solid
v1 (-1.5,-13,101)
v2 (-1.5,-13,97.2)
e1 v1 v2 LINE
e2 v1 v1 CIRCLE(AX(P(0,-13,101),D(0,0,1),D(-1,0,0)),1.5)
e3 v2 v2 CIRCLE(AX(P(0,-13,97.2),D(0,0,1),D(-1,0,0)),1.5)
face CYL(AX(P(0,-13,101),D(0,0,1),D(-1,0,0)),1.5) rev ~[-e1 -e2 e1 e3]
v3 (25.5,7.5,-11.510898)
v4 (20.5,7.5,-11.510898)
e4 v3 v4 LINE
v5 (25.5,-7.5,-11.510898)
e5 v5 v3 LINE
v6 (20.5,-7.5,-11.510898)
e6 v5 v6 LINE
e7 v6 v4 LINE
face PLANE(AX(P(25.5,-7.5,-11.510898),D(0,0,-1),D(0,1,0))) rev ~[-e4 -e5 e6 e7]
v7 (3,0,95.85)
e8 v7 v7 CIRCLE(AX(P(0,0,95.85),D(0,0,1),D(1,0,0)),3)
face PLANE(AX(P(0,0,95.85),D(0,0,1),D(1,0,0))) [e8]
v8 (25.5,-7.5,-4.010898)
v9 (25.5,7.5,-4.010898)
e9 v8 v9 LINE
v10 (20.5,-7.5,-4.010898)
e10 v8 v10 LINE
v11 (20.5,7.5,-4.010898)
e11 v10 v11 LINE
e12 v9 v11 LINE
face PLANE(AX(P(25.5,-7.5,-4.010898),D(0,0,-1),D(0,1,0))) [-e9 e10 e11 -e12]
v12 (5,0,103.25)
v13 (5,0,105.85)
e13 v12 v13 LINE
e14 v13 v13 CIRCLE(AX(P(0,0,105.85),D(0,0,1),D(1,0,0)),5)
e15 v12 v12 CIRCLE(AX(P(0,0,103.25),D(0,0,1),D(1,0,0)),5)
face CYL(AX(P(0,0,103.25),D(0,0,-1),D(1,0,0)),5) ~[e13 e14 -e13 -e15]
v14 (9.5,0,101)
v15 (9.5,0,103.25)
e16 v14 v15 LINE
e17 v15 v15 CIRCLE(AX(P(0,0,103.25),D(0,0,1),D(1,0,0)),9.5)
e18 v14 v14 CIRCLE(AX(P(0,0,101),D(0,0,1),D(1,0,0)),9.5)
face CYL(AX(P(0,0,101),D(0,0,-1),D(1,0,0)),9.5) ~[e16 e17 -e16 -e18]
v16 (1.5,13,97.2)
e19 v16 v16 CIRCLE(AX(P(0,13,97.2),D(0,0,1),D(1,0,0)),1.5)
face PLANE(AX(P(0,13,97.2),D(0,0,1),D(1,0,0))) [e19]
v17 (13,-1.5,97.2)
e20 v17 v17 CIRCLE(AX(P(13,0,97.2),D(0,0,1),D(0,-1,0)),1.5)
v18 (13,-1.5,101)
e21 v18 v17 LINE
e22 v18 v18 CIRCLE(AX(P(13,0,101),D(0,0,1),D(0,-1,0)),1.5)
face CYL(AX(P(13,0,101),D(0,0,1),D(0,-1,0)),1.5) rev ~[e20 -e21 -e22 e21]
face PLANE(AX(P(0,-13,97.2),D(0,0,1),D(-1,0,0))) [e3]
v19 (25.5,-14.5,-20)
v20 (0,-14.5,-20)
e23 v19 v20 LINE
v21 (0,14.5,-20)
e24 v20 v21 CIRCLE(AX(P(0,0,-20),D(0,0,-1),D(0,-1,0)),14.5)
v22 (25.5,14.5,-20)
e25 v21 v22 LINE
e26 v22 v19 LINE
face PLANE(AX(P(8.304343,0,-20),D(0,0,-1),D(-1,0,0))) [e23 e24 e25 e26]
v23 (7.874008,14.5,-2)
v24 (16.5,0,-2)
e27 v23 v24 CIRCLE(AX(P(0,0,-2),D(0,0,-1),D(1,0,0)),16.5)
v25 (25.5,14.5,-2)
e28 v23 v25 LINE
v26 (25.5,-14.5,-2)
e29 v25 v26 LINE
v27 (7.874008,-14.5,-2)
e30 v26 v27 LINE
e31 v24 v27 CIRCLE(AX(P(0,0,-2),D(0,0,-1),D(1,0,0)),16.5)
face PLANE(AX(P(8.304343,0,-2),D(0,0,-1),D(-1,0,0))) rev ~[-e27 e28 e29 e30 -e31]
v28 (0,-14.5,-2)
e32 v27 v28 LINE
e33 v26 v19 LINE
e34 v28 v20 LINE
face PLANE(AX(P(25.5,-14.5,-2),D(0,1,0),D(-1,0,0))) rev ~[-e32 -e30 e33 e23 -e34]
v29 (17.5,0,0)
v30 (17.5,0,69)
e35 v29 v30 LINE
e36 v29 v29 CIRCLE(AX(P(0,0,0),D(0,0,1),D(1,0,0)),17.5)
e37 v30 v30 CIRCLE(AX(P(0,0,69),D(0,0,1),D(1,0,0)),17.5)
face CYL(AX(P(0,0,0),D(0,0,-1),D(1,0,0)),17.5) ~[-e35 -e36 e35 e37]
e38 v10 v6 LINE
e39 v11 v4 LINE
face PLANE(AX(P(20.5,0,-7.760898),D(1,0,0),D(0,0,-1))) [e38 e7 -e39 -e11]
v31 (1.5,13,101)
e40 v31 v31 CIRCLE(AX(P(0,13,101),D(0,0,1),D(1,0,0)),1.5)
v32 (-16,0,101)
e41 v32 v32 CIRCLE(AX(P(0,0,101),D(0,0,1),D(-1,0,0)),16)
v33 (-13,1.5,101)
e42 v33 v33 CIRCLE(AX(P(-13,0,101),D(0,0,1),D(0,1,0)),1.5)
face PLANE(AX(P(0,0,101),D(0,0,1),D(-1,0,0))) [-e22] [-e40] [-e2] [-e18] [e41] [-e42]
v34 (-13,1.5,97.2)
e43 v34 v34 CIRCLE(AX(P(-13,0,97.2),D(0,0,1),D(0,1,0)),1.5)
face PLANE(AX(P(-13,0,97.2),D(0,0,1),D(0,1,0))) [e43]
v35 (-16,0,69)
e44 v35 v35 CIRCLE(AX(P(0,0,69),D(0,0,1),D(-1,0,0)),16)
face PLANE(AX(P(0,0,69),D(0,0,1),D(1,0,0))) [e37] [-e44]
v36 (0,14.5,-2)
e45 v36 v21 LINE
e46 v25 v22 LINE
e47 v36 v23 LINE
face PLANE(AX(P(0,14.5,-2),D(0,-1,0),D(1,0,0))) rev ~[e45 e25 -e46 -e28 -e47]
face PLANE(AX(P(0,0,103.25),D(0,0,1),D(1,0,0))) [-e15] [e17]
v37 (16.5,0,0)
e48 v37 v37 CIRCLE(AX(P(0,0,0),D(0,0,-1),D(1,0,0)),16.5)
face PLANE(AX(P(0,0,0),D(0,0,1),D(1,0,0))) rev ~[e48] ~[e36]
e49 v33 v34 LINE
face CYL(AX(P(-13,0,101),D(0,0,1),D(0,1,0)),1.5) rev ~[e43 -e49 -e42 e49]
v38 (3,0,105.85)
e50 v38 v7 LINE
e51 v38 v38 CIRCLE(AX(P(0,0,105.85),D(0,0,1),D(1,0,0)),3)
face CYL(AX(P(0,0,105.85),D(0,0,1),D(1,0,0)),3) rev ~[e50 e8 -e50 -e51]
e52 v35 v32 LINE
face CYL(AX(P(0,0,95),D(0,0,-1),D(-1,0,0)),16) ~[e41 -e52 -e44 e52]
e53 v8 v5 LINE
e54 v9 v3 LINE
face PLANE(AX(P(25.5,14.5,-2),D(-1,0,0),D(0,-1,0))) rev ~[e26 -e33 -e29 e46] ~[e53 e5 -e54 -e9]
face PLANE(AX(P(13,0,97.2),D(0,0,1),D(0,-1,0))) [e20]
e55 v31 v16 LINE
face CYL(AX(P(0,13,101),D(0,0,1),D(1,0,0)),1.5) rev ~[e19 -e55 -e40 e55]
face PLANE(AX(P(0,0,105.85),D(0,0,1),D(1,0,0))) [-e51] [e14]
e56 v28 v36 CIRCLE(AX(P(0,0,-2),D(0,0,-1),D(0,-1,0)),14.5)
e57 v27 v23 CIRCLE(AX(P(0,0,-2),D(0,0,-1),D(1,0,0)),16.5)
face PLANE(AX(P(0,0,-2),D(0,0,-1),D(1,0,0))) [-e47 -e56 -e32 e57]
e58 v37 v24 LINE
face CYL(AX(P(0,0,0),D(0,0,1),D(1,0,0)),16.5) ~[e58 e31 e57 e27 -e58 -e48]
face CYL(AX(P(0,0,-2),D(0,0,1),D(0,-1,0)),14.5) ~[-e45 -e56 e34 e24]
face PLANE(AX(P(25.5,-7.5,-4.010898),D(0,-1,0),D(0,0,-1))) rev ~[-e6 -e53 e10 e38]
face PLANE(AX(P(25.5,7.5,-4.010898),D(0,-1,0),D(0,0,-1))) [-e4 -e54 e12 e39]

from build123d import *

# Parameters (mm, degrees)
SKETCH_1_R               = 17.5
EXTRUDE_1_DEPTH          = 69
SKETCH_2_R               = 16
EXTRUDE_2_DEPTH          = 26
SKETCH_3_R               = 16
EXTRUDE_3_DEPTH          = 6
SKETCH_4_R               = 9.5
EXTRUDE_4_DEPTH          = 2.25
SKETCH_5_R               = 5
EXTRUDE_5_DEPTH          = 2.6
SKETCH_8_R               = 16.5
EXTRUDE_7_DEPTH          = 2
EXTRUDE_8_DEPTH          = 18
SKETCH_10_W              = 7.5
SKETCH_10_H              = 15
CUT_EXTRUDE_2_DEPTH      = 5
SKETCH_7_R               = 1.5
CUT_EXTRUDE_1_DEPTH      = 3.8
PATTERN_CIRCULAR_1_COUNT = 4
SKETCH_6_R               = 3
CUT_EXTRUDE_3_DEPTH      = 10


with BuildPart() as part:
    # 스케치1 → 보스-돌출1 (new body)
    with BuildSketch(Plane.XY):
        Circle(SKETCH_1_R)
    extrude(amount=EXTRUDE_1_DEPTH)

    # 스케치2 → 보스-돌출2 (add)
    with BuildSketch(Plane.XY.offset(69)):
        with Locations(Location((0, 0, 0), (0, 0, 180))):
            Circle(SKETCH_2_R)
    extrude(amount=EXTRUDE_2_DEPTH)

    # 스케치3 → 보스-돌출3 (add)
    with BuildSketch(Plane.XY.offset(95)):
        with Locations(Location((0, 0, 0), (0, 0, 180))):
            Circle(SKETCH_3_R)
    extrude(amount=EXTRUDE_3_DEPTH)

    # 스케치4 → 보스-돌출4 (add)
    with BuildSketch(Plane.XY.offset(101)):
        Circle(SKETCH_4_R)
    extrude(amount=EXTRUDE_4_DEPTH)

    # 스케치5 → 보스-돌출5 (add)
    with BuildSketch(Plane.XY.offset(103.25)):
        Circle(SKETCH_5_R)
    extrude(amount=EXTRUDE_5_DEPTH)

    # 스케치8 → 보스-돌출7 (add)
    with BuildSketch(Plane(origin=(0, 0, 0), x_dir=(-1, 0, 0), z_dir=(0, 0, -1))):
        with Locations(Location((0, 0, 0), (0, 0, 180))):
            Circle(SKETCH_8_R)
    extrude(amount=EXTRUDE_7_DEPTH)

    # 스케치9 → 보스-돌출8 (add)
    with BuildSketch(Plane(origin=(0, 0, -2), x_dir=(-1, 0, 0), z_dir=(0, 0, -1))):
        with BuildLine():
            Line((0, 14.5), (-25.5, 14.5))
            Line((-25.5, 14.5), (-25.5, -14.5))
            Line((-25.5, -14.5), (0, -14.5))
            ThreePointArc((0, -14.5), (14.5, 0), (0, 14.5))
        make_face()
    extrude(amount=EXTRUDE_8_DEPTH)

    # 스케치10 → 컷-돌출2 (cut)
    with BuildSketch(Plane(origin=(25.5, 0, 0), x_dir=(0, 0, -1), z_dir=(1, 0, 0))):
        with Locations((7.760897897, 0)):
            Rectangle(SKETCH_10_W, SKETCH_10_H)
    extrude(amount=-CUT_EXTRUDE_2_DEPTH, mode=Mode.SUBTRACT)

    # 스케치7 → 컷-돌출1 (cut)
    with BuildSketch(Plane.XY.offset(101)):
        with Locations((0, 13)):
            Circle(SKETCH_7_R)
    cut_extrude_1 = extrude(amount=-CUT_EXTRUDE_1_DEPTH, mode=Mode.SUBTRACT)

    # 원형 패턴1: 컷-돌출1 ×4 about axis
    pattern_circular_1_axis = Axis((0, 0, 0), (0, 0, 1))
    for i in range(1, PATTERN_CIRCULAR_1_COUNT):
        add(cut_extrude_1.rotate(pattern_circular_1_axis, i * 360 / PATTERN_CIRCULAR_1_COUNT), mode=Mode.SUBTRACT)

    # 스케치6 → 컷-돌출3 (cut)
    with BuildSketch(Plane.XY.offset(105.85)):
        Circle(SKETCH_6_R)
    extrude(amount=-CUT_EXTRUDE_3_DEPTH, mode=Mode.SUBTRACT)


solid = part.part
